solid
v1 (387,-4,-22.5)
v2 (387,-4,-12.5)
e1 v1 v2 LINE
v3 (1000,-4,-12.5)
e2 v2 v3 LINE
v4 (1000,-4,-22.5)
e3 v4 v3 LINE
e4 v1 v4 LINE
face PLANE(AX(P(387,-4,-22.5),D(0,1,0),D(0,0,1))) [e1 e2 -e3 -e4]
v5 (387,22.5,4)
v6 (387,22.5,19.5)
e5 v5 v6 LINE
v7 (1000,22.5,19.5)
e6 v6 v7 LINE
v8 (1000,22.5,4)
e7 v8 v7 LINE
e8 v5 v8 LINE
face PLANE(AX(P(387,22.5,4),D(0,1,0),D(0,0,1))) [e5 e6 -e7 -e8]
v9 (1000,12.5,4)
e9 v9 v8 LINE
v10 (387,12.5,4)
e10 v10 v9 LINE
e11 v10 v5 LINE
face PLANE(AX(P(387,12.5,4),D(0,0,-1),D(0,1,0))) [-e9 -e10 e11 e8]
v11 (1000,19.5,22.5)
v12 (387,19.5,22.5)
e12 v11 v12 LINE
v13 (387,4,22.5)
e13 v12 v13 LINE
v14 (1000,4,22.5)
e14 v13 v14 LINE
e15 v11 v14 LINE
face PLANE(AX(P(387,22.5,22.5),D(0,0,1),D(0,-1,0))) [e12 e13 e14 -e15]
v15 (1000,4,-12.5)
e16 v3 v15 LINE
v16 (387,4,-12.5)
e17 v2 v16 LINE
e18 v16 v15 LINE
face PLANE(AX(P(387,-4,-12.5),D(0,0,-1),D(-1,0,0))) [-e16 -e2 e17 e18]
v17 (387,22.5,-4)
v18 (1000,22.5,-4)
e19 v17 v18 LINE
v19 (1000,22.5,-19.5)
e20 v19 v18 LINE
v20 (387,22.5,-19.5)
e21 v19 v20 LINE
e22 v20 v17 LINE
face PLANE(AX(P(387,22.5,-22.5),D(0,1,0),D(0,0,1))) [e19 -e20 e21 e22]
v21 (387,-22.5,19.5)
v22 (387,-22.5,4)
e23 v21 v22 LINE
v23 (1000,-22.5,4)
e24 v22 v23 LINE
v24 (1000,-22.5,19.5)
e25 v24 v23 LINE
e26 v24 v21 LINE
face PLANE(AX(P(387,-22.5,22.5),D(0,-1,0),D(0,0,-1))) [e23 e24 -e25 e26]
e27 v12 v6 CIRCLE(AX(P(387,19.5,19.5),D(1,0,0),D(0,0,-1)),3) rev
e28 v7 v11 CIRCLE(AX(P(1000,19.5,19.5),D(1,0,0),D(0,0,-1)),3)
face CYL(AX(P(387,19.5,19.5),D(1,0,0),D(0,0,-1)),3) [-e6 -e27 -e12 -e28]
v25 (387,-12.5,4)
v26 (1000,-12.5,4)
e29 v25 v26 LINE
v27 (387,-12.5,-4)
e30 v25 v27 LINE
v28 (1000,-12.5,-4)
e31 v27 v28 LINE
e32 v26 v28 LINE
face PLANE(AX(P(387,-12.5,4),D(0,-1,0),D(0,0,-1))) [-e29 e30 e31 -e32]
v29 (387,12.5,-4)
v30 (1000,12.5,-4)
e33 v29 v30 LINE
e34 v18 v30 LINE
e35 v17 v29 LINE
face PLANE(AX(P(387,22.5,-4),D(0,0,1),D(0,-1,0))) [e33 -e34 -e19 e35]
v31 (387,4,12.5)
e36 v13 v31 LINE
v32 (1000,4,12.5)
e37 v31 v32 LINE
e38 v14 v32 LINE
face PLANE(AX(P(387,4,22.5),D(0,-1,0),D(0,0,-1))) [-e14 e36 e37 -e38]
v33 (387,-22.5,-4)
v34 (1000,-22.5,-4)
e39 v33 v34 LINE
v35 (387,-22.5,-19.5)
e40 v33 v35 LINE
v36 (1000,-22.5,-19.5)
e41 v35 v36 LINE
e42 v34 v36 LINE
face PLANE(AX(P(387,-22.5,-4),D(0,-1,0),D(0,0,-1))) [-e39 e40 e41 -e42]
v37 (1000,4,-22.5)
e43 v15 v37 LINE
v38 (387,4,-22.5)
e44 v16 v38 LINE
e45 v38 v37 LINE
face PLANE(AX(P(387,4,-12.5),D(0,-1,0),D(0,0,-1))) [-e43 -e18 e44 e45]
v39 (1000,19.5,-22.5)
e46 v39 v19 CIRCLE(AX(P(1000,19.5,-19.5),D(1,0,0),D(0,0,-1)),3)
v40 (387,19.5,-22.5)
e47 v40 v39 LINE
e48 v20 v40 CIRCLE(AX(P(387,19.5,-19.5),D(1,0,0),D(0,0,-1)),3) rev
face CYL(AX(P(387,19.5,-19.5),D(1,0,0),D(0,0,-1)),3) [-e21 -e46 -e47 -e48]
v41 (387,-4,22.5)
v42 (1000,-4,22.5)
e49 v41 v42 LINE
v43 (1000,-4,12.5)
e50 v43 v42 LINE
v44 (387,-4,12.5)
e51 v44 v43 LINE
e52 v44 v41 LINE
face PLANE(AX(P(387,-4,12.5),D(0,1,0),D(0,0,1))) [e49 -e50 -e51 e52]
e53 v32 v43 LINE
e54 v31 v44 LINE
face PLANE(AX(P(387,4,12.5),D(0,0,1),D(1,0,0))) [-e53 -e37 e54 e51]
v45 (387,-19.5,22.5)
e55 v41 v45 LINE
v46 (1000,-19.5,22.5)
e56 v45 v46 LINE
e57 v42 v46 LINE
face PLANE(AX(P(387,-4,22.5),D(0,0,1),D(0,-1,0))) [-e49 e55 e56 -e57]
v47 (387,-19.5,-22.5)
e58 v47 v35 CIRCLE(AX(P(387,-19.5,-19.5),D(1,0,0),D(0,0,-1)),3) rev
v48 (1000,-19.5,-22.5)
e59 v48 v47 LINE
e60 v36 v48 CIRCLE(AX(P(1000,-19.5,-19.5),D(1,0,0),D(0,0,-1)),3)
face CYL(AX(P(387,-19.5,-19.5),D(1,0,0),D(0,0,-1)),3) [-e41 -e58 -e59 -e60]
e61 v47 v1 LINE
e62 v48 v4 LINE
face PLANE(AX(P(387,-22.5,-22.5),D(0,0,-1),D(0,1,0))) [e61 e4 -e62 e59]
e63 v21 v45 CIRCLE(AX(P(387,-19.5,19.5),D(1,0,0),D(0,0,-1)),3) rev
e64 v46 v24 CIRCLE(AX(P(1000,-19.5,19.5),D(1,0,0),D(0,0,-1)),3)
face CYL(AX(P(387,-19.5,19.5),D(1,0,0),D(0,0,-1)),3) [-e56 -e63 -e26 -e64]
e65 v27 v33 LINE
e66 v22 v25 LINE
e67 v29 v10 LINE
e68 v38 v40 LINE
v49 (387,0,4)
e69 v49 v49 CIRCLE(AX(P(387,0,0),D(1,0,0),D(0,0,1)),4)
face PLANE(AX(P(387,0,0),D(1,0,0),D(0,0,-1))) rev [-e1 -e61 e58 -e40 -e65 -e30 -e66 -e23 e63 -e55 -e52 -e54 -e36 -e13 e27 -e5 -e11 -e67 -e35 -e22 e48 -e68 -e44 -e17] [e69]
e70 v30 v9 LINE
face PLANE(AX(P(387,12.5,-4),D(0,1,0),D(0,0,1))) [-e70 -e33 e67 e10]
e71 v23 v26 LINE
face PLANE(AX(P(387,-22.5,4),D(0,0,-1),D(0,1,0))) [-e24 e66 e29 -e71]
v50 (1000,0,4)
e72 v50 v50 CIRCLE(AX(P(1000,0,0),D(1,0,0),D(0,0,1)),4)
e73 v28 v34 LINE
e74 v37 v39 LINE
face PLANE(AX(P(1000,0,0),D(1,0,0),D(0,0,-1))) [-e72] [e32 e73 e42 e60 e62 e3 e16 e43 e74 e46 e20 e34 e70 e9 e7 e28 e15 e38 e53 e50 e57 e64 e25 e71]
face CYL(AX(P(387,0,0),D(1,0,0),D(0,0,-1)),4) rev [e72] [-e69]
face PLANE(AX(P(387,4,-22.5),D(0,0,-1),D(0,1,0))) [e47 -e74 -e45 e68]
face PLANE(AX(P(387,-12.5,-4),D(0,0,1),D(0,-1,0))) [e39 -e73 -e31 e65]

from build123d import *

# Parameters (mm, degrees)
ESQUISSE1_R        = 4
BOSS_EXTRU_1_DEPTH = 613
CONG_1_R           = 3


with BuildPart() as part:
    # Esquisse1 → Boss.-Extru.1 (new body)
    with BuildSketch(Plane(origin=(1000, 0, 0), x_dir=(0, 0, -1), z_dir=(1, 0, 0))):
        Polygon((22.5, -4), (12.5, -4), (12.5, 4), (22.5, 4), (22.5, 22.5), (4, 22.5), (4, 12.5), (-4, 12.5), (-4, 22.5), (-22.5, 22.5), (-22.5, 4), (-12.5, 4), (-12.5, -4), (-22.5, -4), (-22.5, -22.5), (-4, -22.5), (-4, -12.5), (4, -12.5), (4, -22.5), (22.5, -22.5), align=None)
        Circle(ESQUISSE1_R, mode=Mode.SUBTRACT)
    extrude(amount=-BOSS_EXTRU_1_DEPTH)

    # Congé1
    cong_1_edges = [part.edges().sort_by_distance(p)[0] for p in [
        (693.5, -22.5, -22.5),
        (693.5, -22.5, 22.5),
        (693.5, 22.5, 22.5),
        (693.5, 22.5, -22.5),
    ]]
    fillet(cong_1_edges, radius=CONG_1_R)


solid = part.part
